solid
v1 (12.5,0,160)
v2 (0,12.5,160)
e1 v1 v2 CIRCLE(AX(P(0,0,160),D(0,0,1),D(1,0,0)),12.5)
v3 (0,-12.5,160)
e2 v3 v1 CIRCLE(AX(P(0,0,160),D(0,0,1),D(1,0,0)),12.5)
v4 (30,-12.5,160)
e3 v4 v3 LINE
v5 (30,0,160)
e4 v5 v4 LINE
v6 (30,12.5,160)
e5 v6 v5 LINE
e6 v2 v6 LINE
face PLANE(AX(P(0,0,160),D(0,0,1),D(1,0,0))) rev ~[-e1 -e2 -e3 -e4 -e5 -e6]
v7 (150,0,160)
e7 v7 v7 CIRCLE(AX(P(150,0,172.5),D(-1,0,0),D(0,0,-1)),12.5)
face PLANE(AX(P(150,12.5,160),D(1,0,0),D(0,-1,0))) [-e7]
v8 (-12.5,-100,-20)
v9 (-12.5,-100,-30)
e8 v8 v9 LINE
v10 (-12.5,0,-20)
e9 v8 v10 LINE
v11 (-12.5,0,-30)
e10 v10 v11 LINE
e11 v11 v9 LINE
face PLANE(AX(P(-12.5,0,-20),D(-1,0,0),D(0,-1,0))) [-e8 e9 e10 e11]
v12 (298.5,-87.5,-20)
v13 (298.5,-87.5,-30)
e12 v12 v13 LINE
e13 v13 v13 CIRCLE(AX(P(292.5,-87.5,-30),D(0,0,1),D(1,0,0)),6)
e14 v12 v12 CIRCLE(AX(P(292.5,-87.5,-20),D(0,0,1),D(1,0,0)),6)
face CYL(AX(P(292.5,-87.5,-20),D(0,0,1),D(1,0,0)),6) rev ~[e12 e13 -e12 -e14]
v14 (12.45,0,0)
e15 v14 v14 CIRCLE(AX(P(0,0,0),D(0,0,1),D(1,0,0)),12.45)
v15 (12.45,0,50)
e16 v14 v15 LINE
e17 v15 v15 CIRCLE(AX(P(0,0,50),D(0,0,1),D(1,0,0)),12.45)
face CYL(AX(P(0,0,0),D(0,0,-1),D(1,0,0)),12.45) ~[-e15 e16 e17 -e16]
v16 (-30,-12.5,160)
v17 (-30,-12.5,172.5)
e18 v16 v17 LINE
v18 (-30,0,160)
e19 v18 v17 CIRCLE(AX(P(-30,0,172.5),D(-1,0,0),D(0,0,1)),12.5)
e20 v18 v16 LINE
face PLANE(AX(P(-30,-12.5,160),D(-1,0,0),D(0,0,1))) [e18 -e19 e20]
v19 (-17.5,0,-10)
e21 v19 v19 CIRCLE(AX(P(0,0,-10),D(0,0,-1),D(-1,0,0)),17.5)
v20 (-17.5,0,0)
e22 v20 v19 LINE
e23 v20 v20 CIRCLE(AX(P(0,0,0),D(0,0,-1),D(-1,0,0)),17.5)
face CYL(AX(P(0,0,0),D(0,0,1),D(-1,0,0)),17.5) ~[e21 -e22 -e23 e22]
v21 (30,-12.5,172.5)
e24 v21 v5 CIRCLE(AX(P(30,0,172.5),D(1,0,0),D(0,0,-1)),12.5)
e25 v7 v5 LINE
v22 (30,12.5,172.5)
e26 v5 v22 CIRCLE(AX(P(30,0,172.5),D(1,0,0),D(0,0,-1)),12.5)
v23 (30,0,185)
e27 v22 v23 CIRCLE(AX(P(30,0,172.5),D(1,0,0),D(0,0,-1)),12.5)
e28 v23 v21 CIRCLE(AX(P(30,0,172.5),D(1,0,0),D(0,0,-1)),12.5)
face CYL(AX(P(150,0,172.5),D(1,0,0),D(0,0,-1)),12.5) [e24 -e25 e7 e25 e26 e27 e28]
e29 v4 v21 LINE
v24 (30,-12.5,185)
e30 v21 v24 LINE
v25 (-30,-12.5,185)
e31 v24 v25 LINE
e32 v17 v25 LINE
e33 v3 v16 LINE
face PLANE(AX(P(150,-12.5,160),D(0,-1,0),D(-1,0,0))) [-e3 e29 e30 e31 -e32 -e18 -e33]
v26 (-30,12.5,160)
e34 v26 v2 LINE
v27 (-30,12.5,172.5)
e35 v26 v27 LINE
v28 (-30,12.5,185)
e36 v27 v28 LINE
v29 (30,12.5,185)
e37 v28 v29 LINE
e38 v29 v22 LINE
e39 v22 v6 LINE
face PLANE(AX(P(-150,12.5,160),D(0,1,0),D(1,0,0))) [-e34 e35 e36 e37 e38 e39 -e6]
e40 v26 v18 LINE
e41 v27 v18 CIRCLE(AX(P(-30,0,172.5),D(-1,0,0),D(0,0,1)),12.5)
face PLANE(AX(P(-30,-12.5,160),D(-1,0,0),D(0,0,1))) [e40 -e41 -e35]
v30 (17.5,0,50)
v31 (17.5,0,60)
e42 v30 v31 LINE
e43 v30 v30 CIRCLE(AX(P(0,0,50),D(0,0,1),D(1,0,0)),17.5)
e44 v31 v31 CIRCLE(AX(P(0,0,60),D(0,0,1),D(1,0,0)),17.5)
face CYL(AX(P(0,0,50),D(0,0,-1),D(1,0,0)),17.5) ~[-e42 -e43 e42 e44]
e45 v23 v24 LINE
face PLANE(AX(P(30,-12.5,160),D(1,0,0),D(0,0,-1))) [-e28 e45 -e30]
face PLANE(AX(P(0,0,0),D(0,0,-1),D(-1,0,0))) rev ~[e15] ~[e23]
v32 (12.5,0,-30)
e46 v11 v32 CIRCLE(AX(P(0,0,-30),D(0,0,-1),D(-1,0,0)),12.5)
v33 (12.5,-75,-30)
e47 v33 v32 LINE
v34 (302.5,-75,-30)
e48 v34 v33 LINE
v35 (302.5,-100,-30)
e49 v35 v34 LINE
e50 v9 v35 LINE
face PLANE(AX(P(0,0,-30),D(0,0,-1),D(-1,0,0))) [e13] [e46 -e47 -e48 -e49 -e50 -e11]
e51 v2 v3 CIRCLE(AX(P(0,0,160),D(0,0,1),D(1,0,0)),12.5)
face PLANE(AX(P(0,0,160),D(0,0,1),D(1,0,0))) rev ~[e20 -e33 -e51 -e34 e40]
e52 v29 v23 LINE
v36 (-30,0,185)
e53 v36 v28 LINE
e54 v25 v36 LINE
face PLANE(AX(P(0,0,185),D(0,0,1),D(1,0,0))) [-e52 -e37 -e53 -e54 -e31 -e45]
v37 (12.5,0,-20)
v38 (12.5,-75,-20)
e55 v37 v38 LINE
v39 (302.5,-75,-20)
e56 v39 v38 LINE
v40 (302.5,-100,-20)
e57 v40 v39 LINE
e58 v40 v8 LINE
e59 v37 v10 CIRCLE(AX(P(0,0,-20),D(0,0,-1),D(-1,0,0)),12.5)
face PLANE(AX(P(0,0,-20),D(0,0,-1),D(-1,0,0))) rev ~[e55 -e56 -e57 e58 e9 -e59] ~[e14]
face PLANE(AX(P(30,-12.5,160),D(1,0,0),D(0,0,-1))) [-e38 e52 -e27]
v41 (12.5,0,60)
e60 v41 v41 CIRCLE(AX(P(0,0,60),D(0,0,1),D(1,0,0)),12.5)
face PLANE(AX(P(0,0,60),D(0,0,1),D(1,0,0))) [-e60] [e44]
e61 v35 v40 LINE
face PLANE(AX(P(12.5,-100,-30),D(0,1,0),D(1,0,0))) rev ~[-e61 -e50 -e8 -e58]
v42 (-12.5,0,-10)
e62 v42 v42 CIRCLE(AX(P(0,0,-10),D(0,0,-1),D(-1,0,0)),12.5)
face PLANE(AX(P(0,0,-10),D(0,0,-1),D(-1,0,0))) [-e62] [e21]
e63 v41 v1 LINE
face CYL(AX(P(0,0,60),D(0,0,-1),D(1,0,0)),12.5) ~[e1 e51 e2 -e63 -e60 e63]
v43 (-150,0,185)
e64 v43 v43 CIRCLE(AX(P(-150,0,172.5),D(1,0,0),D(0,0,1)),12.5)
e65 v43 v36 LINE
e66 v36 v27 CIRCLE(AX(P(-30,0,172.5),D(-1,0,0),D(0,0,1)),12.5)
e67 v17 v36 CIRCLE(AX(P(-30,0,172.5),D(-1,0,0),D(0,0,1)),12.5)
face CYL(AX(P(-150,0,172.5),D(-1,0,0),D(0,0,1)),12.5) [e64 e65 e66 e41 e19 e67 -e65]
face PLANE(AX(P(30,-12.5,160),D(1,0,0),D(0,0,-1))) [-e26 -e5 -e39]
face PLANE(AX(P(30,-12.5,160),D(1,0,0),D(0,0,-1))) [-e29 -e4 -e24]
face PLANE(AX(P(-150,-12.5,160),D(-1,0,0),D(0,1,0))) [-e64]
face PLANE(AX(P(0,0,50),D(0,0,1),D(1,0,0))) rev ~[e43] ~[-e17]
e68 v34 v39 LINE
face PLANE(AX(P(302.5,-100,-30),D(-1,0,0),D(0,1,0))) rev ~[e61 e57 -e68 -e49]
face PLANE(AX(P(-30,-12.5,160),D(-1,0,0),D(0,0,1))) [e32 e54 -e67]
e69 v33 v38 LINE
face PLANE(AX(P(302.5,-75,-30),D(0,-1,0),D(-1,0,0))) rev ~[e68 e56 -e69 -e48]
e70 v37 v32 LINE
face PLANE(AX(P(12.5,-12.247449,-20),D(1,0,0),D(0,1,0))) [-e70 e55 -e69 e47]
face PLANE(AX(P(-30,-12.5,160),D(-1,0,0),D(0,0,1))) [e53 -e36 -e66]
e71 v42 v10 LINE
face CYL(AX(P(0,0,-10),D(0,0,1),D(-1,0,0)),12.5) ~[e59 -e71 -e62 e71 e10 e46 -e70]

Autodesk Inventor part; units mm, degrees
ref_plane "YZ Plane" through (0, 0, 0) normal (1, 0, 0) x (0, 1, 0)
ref_plane "XZ Plane" through (0, 0, 0) normal (0, 1, 0) x (-1, 0, 0)
ref_plane "XY Plane" through (0, 0, 0) normal (0, 0, 1) x (1, 0, 0)
sketch "Skizze1" plane through (0, 0, 0) normal (0, 0, 1) x (1, 0, 0)
  circle A0 centre (0, 0) radius 12.45
  dimension "d0" = 24.9
extrude "Extrusion1" add sketch "Skizze1" along normal blind 50
sketch "Skizze2" plane through (0, 0, 50) normal (0, 0, 1) x (1, 0, 0)
  circle A0 centre (0, 0) radius 17.5
  dimension "d3" = 35
extrude "Extrusion2" add sketch "Skizze2" along normal blind 10
sketch "Skizze3" plane through (0, 0, 0) normal (0, 0, -1) x (-1, 0, 0)
  circle A0 centre (0, 0) radius 17.5
  dimension "d6" = 35
extrude "Extrusion3" add sketch "Skizze3" along normal blind 10
sketch "Skizze4" plane through (0, 0, -10) normal (0, 0, -1) x (-1, 0, 0)
  circle A0 centre (0, 0) radius 12.5
  dimension "d9" = 25
extrude "Extrusion4" add sketch "Skizze4" along normal blind 10
sketch "Skizze5" plane through (0, 0, 60) normal (0, 0, 1) x (1, 0, 0)
  circle A0 centre (0, 0) radius 12.5
  dimension "d12" = 25
extrude "Extrusion5" add sketch "Skizze5" along normal blind 100
sketch "Skizze6" plane through (0, 0, -20) normal (0, 0, -1) x (-1, 0, 0)
  line L0 (-12.5, 0) -> (12.5, 0)
  line L1 (12.5, 0) -> (12.5, -100)
  line L2 (12.5, -100) -> (-12.5, -100)
  line L3 (-12.5, -100) -> (-12.5, 0)
  circle A0 centre (0, 0) radius 17.5 projected
  arc A1 (12.5, 0) -> (-12.5, 0) centre (0, 0) ccw
  line L4 (0, 0) -> (12.5, 0) construction
  line L5 (0, 0) -> (-12.5, 0) construction
  dimension "d15" = 25
  dimension "d16" = 12.5
  dimension "d17" = 0
  dimension "d18" = 100
  dimension "d19" = 180
extrude "Extrusion6" add sketch "Skizze6" along normal blind 10 contours A1 L0 | L0 L1 A0 L3 | A0 L1 L2 L3
sketch "Skizze8" plane through (0, 0, -30) normal (0, 0, -1) x (-1, 0, 0)
  line L0 (-12.5, -100) -> (-302.5, -100)
  line L1 (-302.5, -100) -> (-302.5, -75)
  line L2 (-302.5, -75) -> (-12.5, -75)
  line L3 (-12.5, -75) -> (-12.5, -100)
  line L4 (-12.5, 0) -> (-12.5, -100) projected
  line L5 (-12.5, -100) -> (12.5, -100) projected
  point P0 (0, 0)
  dimension "d23" = 25
  dimension "d24" = 0
  dimension "d26" = 290
  dimension "d29" = 0
extrude "Extrusion7" add sketch "Skizze8" against normal blind 10
sketch "Skizze9" plane through (0, 0, -20) normal (0, 0, 1) x (1, 0, 0)
  circle A0 centre (292.5, -87.5) radius 6
  line L0 (302.5, -100) -> (302.5, -75) projected
  line L1 (-12.5, -100) -> (302.5, -100) projected
  point P0 (0, 0)
  dimension "d30" = 12
  dimension "d31" = 10
  dimension "d32" = 12.5
extrude "Extrusion8" cut sketch "Skizze9" against normal up to surface (10 mm away)
sketch "Skizze10" plane through (0, 0, 160) normal (0, 0, 1) x (1, 0, 0)
  line L0 (150, -12.5) -> (-150, -12.5)
  line L1 (-150, -12.5) -> (-150, 12.5)
  line L2 (-150, 12.5) -> (150, 12.5)
  line L3 (150, 12.5) -> (150, -12.5)
  point P0 (0, 0)
  dimension "d35" = 25
  dimension "d36" = 12.5
  dimension "d37" = 300
  dimension "d38" = 150
extrude "Extrusion9" add sketch "Skizze10" along normal blind 25
sketch "Skizze11" plane through (150, -12.5, 160) normal (1, 0, 0) x (0, 0, -1)
  line L0 (0, 0) -> (-25, 0) projected
  line L1 (-25, 25) -> (-25, 0) projected
  line L2 (0, 0) -> (-25, 0)
  line L3 (-25, 0) -> (-25, 25)
  line L4 (-25, 25) -> (0, 25)
  line L5 (0, 25) -> (0, 0)
  circle A0 centre (-12.5, 12.5) radius 12.5
  point P0 (160, 12.5)
  point P1 (-25, 12.5)
  point P2 (-12.5, 25)
  point P3 (0, 12.5)
  point P4 (-12.5, 0)
extrude "Extrusion10" cut sketch "Skizze11" against normal blind 120 contours L0 A0 L5 | L0 L1 A0 | A0 L4 L5 | L1 L4 A0
sketch "Skizze12" plane through (-150, -12.5, 160) normal (-1, 0, 0) x (0, 0, 1)
  line L0 (0, 25) -> (25, 25) projected
  line L1 (0, 0) -> (25, 0)
  line L2 (25, 0) -> (25, 25)
  line L3 (25, 25) -> (0, 25)
  line L4 (0, 25) -> (0, 0)
  circle A0 centre (12.5, 12.5) radius 12.5
  point P0 (-160, 12.5)
  point P1 (12.5, 25)
  point P2 (25, 12.5)
  point P3 (12.5, 0)
  point P4 (0, 12.5)
extrude "Extrusion11" cut sketch "Skizze12" against normal blind 120 contours L0 A0 L4 | L0 L2 A0 | A0 L1 L4 | L2 L1 A0
properties part number "Lenkung_vorne"
